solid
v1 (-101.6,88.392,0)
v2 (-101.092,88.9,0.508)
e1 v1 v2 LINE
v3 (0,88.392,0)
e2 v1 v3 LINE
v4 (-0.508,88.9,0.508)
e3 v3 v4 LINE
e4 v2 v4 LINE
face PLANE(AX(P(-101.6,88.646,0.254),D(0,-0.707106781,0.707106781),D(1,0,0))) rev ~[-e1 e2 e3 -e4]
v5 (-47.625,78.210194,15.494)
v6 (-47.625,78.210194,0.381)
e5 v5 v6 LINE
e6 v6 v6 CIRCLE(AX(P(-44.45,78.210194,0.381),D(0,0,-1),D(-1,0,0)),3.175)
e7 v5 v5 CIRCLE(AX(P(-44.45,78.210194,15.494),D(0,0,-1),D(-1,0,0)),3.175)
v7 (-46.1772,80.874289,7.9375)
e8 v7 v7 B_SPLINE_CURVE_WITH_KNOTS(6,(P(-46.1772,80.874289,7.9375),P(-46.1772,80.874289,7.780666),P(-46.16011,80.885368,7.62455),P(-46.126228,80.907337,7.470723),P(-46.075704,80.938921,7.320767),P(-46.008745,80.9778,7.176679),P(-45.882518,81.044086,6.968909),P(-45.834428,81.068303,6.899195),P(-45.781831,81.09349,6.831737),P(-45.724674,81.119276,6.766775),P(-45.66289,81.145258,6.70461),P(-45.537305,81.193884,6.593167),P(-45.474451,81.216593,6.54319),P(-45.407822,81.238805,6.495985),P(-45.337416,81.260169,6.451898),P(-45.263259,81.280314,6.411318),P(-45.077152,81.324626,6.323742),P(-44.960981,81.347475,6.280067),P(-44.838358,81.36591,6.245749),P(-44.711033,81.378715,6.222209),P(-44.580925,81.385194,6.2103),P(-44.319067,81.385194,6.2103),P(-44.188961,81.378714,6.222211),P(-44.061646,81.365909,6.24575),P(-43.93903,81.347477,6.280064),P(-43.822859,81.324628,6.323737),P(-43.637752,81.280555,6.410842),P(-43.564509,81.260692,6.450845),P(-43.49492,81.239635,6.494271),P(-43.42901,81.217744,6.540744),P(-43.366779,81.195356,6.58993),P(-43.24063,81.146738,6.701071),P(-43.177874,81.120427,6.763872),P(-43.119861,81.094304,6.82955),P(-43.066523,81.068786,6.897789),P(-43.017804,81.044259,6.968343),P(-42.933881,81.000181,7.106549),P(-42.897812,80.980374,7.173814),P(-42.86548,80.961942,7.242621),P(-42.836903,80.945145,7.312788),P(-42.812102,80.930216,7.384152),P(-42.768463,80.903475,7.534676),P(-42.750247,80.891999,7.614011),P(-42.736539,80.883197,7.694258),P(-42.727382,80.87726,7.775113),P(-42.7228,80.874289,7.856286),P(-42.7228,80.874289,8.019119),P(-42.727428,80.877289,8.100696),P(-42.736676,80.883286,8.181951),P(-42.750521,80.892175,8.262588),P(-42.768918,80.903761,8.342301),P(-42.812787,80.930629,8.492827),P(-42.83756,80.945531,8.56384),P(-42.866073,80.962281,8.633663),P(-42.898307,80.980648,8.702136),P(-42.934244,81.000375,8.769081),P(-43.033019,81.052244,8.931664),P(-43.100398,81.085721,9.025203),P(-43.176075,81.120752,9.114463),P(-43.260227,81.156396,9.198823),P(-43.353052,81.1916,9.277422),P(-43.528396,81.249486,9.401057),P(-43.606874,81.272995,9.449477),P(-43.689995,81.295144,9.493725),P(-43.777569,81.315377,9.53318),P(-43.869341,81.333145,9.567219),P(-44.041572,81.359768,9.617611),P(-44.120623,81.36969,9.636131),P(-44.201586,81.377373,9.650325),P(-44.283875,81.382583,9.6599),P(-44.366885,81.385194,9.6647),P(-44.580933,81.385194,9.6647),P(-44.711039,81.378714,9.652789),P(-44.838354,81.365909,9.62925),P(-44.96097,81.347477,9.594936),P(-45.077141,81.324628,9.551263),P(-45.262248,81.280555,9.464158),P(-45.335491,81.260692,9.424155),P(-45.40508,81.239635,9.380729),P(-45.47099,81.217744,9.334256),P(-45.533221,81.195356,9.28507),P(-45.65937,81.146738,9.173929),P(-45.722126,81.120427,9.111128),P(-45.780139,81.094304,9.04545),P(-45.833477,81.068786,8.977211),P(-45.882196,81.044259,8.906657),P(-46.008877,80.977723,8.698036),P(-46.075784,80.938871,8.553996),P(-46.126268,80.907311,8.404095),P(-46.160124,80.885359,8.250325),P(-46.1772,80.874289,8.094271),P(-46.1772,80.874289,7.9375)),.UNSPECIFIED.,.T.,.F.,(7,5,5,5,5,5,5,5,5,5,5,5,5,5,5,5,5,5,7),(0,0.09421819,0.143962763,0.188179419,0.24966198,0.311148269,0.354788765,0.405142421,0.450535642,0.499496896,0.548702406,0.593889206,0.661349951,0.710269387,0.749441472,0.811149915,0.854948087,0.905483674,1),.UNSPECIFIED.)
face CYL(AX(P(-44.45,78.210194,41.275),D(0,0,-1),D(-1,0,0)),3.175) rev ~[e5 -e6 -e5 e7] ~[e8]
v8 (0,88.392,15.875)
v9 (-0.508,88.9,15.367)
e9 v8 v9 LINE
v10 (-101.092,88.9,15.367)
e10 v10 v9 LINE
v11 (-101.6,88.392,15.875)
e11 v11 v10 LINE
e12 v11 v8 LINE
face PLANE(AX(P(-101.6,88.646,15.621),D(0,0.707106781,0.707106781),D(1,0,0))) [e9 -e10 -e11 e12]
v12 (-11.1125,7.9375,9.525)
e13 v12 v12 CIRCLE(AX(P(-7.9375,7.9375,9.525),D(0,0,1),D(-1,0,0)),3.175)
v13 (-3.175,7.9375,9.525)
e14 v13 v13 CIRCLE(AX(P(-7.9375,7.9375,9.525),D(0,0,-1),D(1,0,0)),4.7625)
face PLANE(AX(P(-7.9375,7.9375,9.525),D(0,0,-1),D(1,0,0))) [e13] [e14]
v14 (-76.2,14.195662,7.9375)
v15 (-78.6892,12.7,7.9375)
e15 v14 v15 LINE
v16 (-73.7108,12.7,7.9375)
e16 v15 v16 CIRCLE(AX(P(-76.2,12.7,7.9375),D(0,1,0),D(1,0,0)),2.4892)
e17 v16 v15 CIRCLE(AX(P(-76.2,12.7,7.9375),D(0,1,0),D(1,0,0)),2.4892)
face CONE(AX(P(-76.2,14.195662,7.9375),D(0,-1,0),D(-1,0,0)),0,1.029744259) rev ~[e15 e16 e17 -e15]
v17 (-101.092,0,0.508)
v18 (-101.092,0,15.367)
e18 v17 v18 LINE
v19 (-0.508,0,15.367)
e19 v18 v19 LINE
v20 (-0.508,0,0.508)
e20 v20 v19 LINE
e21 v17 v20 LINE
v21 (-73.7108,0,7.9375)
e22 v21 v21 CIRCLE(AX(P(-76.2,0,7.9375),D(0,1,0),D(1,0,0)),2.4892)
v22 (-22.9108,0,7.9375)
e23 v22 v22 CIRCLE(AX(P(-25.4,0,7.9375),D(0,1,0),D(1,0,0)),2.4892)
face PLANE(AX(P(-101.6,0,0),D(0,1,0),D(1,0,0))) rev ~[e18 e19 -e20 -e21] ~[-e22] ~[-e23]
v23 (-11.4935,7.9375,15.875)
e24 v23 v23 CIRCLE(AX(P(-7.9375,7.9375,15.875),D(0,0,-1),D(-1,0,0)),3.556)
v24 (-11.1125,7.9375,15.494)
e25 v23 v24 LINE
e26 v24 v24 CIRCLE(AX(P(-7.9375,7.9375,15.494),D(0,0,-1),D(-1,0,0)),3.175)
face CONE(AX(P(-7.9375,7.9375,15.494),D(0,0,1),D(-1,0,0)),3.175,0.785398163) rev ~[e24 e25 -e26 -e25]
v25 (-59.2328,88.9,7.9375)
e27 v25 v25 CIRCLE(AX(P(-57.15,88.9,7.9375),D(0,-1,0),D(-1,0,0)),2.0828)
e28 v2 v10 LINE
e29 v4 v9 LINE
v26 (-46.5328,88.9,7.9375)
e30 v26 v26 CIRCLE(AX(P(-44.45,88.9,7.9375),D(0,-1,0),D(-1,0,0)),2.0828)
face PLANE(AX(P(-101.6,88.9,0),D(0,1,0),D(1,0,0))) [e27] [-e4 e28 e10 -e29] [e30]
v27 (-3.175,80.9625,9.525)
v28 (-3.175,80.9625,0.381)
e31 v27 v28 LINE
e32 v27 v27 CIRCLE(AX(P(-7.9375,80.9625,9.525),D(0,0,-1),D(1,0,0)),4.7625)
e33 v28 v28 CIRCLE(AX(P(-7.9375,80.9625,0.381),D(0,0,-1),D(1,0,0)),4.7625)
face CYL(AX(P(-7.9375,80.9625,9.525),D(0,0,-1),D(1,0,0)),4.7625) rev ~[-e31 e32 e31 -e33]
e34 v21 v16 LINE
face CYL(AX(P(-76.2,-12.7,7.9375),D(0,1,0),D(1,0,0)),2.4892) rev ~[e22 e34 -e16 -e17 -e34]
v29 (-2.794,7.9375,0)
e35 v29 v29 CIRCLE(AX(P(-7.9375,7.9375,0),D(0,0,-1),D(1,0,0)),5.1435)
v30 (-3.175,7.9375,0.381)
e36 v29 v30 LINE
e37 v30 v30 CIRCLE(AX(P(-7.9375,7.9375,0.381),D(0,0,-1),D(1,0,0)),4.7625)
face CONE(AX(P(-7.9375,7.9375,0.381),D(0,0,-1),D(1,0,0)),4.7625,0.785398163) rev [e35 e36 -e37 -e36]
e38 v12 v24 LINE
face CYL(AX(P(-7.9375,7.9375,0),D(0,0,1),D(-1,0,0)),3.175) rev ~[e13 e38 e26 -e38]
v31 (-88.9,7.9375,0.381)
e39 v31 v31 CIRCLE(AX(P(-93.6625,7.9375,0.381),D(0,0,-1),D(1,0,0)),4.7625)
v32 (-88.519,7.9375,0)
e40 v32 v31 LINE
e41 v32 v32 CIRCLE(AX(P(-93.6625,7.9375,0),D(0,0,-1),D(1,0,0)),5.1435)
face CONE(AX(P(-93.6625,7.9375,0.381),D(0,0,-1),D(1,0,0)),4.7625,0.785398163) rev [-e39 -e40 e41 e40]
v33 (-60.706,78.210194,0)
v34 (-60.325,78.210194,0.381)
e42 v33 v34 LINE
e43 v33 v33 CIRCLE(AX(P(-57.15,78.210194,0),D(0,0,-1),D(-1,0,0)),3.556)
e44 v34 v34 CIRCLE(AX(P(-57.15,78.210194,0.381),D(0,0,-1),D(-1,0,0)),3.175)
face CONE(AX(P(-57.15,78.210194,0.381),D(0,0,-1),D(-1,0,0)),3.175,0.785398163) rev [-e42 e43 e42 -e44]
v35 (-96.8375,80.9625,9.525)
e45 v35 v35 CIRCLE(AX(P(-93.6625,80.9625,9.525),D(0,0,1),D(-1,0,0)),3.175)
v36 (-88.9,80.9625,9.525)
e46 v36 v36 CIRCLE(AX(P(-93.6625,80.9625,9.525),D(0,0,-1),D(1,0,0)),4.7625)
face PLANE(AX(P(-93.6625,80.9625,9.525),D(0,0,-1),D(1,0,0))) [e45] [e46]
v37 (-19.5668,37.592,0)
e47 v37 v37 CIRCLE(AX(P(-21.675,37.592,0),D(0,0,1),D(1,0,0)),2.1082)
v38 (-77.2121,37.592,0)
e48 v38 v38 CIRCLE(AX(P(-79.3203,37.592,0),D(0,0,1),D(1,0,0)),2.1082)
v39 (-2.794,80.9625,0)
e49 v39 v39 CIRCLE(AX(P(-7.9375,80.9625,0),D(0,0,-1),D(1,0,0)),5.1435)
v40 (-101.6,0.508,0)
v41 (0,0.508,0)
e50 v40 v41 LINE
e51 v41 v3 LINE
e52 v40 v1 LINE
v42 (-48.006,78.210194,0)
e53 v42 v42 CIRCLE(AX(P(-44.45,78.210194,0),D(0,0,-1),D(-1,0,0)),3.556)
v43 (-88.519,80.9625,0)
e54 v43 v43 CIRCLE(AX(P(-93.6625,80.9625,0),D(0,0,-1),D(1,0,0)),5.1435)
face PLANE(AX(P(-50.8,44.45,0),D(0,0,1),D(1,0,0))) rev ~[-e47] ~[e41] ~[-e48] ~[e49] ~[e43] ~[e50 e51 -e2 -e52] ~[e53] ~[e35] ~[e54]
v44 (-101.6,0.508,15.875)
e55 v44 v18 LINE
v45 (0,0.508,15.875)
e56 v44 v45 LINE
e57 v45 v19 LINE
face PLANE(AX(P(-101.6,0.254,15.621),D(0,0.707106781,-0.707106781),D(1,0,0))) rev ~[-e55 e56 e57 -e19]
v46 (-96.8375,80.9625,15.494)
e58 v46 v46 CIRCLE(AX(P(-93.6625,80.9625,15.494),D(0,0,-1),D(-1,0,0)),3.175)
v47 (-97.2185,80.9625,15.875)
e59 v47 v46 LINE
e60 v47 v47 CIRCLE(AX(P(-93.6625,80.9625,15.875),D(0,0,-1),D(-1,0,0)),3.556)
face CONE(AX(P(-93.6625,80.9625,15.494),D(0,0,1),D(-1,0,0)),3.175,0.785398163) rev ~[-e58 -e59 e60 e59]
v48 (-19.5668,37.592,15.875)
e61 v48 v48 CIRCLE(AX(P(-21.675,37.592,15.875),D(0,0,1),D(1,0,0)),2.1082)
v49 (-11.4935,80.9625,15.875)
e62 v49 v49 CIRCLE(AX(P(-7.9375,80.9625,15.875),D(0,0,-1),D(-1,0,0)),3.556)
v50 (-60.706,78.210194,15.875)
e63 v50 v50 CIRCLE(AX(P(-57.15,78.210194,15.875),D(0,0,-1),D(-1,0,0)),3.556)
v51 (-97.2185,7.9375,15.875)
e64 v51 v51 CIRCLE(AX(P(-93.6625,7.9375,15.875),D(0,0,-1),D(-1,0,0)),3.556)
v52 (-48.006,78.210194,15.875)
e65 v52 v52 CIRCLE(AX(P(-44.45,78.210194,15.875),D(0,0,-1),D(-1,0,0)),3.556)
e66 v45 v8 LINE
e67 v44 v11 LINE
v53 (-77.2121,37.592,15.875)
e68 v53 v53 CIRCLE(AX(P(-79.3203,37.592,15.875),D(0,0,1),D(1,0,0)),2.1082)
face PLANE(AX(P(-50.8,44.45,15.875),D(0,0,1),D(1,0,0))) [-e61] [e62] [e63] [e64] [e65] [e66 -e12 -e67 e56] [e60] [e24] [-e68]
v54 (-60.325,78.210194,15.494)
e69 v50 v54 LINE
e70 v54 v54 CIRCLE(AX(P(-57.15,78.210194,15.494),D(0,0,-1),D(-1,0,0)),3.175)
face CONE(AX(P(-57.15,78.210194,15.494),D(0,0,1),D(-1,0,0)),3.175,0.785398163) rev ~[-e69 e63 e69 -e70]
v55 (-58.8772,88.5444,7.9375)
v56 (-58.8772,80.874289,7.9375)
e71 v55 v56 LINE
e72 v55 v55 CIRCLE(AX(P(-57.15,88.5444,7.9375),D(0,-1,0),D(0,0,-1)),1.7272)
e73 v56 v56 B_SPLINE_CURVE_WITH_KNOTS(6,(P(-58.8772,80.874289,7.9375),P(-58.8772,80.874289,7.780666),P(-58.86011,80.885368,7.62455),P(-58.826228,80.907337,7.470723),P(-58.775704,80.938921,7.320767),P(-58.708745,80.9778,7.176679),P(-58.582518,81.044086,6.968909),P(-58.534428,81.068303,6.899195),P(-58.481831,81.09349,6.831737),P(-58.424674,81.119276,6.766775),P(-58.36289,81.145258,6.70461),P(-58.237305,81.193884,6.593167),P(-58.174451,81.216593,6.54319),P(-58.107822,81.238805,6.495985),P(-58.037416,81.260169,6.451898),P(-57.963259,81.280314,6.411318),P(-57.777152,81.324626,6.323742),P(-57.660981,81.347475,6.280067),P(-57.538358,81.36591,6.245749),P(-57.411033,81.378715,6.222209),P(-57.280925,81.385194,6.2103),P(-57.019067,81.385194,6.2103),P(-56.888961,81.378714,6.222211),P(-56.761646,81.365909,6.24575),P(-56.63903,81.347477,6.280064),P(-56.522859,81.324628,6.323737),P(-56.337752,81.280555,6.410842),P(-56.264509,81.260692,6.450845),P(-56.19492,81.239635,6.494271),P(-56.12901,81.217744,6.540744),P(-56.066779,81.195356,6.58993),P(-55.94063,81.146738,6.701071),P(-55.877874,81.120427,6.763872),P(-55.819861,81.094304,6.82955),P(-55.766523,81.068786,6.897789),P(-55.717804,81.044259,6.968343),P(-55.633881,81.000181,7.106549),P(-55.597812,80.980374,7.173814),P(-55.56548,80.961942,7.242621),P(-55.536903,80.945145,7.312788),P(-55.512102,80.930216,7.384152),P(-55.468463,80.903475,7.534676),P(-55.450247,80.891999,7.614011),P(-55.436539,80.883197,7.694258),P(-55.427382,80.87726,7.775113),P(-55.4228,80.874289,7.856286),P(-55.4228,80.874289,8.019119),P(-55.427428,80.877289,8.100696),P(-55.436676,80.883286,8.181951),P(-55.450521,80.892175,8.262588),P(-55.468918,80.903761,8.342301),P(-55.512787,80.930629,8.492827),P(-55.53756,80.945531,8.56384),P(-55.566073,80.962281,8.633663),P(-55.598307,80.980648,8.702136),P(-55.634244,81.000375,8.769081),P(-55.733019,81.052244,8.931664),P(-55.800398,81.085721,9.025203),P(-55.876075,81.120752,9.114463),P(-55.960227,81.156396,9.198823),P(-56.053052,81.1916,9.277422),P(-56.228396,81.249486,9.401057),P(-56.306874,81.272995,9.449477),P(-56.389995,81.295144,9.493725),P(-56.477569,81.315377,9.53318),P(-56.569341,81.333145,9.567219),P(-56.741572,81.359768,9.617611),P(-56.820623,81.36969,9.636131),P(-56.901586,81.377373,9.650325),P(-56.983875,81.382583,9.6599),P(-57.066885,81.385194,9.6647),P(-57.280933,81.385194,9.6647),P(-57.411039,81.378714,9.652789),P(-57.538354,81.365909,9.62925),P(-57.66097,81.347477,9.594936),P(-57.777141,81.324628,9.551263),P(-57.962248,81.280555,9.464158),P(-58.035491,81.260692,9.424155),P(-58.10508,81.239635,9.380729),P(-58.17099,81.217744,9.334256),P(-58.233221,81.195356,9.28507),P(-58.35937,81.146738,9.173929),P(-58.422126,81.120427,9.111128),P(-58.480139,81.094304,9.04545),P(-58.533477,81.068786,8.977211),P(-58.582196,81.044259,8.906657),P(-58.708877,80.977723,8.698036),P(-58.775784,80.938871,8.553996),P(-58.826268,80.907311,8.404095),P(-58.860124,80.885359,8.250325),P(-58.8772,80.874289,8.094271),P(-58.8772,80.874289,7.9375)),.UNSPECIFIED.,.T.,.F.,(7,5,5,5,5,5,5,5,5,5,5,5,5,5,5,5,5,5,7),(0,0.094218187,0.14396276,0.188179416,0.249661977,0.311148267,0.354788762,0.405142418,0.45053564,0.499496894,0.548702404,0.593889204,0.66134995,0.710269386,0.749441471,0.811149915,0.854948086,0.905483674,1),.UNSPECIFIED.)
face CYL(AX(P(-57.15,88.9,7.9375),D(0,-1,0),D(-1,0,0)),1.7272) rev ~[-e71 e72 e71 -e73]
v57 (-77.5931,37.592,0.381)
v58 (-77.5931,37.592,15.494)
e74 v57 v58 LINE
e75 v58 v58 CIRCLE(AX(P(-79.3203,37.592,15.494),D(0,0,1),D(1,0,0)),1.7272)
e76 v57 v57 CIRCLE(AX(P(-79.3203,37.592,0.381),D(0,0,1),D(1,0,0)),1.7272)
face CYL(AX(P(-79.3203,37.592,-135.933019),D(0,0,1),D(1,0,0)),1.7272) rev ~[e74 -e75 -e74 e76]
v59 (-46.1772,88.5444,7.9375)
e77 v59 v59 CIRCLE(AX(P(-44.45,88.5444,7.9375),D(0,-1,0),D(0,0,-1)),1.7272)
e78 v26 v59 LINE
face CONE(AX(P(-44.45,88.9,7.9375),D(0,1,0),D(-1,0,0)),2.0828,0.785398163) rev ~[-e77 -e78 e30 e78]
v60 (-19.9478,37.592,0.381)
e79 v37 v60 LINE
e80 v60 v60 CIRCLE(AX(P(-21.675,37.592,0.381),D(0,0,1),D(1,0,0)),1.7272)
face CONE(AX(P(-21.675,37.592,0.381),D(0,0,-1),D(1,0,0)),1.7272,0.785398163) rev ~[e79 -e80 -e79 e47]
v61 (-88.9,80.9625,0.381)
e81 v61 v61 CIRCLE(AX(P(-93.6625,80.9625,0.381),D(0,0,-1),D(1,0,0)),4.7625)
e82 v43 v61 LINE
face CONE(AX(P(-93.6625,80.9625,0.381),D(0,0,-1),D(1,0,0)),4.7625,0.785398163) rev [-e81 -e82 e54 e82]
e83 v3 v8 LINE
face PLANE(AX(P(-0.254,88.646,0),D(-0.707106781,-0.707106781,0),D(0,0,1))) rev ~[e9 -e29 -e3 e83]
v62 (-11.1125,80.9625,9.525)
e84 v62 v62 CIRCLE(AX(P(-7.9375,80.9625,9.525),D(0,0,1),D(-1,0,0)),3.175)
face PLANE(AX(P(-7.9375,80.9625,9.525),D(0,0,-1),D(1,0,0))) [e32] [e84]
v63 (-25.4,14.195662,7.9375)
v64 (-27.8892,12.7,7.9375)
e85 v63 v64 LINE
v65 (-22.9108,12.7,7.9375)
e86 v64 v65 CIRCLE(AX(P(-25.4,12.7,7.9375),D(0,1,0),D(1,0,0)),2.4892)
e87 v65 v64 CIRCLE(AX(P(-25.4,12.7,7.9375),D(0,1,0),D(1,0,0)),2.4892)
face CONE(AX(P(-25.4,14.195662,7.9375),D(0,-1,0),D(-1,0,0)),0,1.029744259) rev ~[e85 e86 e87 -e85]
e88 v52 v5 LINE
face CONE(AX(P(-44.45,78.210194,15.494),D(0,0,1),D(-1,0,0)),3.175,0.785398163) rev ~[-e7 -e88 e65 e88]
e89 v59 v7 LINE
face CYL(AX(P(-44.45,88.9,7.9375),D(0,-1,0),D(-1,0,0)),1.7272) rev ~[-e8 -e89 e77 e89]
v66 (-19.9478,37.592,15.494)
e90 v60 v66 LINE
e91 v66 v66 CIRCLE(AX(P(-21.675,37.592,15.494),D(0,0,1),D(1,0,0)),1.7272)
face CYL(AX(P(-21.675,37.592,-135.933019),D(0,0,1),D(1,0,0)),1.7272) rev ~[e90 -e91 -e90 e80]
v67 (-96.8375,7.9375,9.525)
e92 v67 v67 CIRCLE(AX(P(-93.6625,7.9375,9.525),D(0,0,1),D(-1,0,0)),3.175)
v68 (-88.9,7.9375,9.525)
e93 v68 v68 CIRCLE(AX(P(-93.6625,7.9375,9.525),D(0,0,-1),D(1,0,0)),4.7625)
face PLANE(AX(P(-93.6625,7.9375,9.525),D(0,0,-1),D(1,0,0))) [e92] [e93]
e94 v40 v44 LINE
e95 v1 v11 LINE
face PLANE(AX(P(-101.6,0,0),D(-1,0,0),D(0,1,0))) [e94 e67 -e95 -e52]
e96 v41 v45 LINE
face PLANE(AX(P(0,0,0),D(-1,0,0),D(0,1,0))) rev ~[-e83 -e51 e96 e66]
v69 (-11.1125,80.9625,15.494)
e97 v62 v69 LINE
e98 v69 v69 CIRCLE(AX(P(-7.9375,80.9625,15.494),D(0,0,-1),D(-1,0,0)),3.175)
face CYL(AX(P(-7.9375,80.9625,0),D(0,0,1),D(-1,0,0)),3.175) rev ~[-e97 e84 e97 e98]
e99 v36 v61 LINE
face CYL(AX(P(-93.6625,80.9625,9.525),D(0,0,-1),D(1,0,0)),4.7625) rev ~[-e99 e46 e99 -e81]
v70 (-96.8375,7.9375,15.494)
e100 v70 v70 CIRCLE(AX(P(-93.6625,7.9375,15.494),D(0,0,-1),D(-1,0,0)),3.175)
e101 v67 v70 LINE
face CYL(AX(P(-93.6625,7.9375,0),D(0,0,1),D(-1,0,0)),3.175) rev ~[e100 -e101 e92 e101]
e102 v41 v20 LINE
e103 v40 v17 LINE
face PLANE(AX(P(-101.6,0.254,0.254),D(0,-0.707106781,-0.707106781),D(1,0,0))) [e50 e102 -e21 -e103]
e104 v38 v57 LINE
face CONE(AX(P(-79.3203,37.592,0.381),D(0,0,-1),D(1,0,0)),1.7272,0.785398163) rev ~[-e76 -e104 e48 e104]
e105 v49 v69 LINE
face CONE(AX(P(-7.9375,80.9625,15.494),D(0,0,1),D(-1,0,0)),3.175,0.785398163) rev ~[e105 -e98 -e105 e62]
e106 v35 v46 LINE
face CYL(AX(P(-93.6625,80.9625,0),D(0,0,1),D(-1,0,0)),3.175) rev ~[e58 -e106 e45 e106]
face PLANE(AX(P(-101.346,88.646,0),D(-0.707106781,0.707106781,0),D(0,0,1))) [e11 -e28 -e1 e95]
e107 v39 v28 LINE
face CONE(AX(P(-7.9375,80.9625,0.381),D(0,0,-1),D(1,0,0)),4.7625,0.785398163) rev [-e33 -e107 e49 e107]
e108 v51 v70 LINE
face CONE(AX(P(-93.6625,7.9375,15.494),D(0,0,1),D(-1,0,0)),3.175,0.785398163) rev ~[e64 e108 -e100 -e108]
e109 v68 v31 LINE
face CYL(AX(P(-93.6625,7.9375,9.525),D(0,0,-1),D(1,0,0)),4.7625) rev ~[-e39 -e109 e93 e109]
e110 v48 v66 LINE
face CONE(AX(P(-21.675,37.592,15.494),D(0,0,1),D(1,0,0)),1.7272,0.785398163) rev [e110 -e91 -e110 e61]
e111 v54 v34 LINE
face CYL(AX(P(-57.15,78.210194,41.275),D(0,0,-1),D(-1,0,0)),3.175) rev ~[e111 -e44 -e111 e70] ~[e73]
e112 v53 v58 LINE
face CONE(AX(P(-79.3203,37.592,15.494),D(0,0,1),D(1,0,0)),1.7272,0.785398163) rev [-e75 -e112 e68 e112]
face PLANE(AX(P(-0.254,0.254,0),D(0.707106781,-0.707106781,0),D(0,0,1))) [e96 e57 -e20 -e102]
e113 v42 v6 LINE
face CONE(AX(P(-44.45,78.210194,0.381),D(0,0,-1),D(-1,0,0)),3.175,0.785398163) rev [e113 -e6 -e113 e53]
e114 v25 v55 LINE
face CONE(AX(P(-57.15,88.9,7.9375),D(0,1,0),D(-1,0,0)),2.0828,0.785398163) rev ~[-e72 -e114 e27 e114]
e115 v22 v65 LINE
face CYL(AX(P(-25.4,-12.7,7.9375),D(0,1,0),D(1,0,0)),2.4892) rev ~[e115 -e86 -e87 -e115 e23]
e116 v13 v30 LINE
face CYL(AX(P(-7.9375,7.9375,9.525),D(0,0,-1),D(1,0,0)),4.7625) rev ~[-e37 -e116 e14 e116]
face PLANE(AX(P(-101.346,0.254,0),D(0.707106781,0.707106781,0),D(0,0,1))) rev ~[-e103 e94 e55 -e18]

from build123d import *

# Parameters (mm, degrees)
SKETCH1_W                       = 101.6
SKETCH1_H                       = 88.9
BOSS_EXTRUDE1_DEPTH             = 15.875
F_8_32_TAPPED_HOLE1_D           = 3.4544
F_8_32_TAPPED_HOLE1_DEPTH       = 9.652
F_8_32_TAPPED_HOLE1_CSINK_D     = 4.1656
F_8_32_TAPPED_HOLE1_CSINK_ANGLE = 90
F_8_32_TAPPED_HOLE1_TIP         = 1.037806461
F_1_4_0_25_DIAMETER_HOLE1_D     = 6.35
F_1_4_0_25_DIAMETER_HOLE1_DEPTH = 25.4
F_1_4_0_25_DIAMETER_HOLE1_TIP   = 1.907732465
F_8_32_TAPPED_HOLE2_D           = 3.4544
F_9_0_196_DIAMETER_HOLE1_D      = 4.9784
F_9_0_196_DIAMETER_HOLE1_DEPTH  = 12.7
F_9_0_196_DIAMETER_HOLE1_TIP    = 1.495662253
HOLE1_D                         = 6.35
HOLE1_DEPTH                     = 15.875
HOLE1_CBORE_D                   = 9.525
HOLE1_CBORE_DEPTH               = 9.525
HOLE1_TIP                       = 1.907732465
CHAMFER1_SIZE                   = 0.508
CHAMFER2_SIZE                   = 0.381


with BuildPart() as part:
    # Sketch1 → Boss-Extrude1 (new body)
    with BuildSketch(Plane.XY):
        with Locations((-50.8, 44.45)):
            Rectangle(SKETCH1_W, SKETCH1_H)
    extrude(amount=BOSS_EXTRUDE1_DEPTH)

    # #8-32 Tapped Hole1
    with Locations(Plane(origin=(0, 88.9, 0), x_dir=(1, 0, 0), z_dir=(0, 1, 0))):
        with Locations((-44.45, -7.9375), (-57.15, -7.9375)):
            CounterSinkHole(F_8_32_TAPPED_HOLE1_D / 2, F_8_32_TAPPED_HOLE1_CSINK_D / 2, depth=F_8_32_TAPPED_HOLE1_DEPTH, counter_sink_angle=F_8_32_TAPPED_HOLE1_CSINK_ANGLE)
            with Locations((0, 0, -(F_8_32_TAPPED_HOLE1_DEPTH + F_8_32_TAPPED_HOLE1_TIP / 2))):  # 118° drill point
                Cone(0, F_8_32_TAPPED_HOLE1_D / 2, F_8_32_TAPPED_HOLE1_TIP, mode=Mode.SUBTRACT)

    # 1/4 (0.25) Diameter Hole1
    with Locations(Plane.XY.offset(15.875)):
        with Locations((-44.45, 78.210193539), (-57.15, 78.210193539)):
            Hole(F_1_4_0_25_DIAMETER_HOLE1_D / 2, depth=F_1_4_0_25_DIAMETER_HOLE1_DEPTH)
            with Locations((0, 0, -(F_1_4_0_25_DIAMETER_HOLE1_DEPTH + F_1_4_0_25_DIAMETER_HOLE1_TIP / 2))):  # 118° drill point
                Cone(0, F_1_4_0_25_DIAMETER_HOLE1_D / 2, F_1_4_0_25_DIAMETER_HOLE1_TIP, mode=Mode.SUBTRACT)

    # #8-32 Tapped Hole2 (through all)
    with Locations(Plane(origin=(0, 0, 0), x_dir=(-1, 0, 0), z_dir=(0, 0, -1))):
        with Locations((21.675, 37.592), (79.3203, 37.592)):
            Hole(F_8_32_TAPPED_HOLE2_D / 2)

    # #9 (0.196) Diameter Hole1
    with Locations(Plane(origin=(0, 0, 0), x_dir=(-1, 0, 0), z_dir=(0, -1, 0))):
        with Locations((76.2, -7.9375), (25.4, -7.9375)):
            Hole(F_9_0_196_DIAMETER_HOLE1_D / 2, depth=F_9_0_196_DIAMETER_HOLE1_DEPTH)
            with Locations((0, 0, -(F_9_0_196_DIAMETER_HOLE1_DEPTH + F_9_0_196_DIAMETER_HOLE1_TIP / 2))):  # 118° drill point
                Cone(0, F_9_0_196_DIAMETER_HOLE1_D / 2, F_9_0_196_DIAMETER_HOLE1_TIP, mode=Mode.SUBTRACT)

    # Hole1
    with Locations(Plane(origin=(0, 0, 0), x_dir=(1, 0, 0), z_dir=(0, 0, -1))):
        with Locations((-7.9375, -7.9375), (-93.6625, -80.9625), (-93.6625, -7.9375), (-7.9375, -80.9625)):
            CounterBoreHole(HOLE1_D / 2, HOLE1_CBORE_D / 2, HOLE1_CBORE_DEPTH, depth=HOLE1_DEPTH)
            with Locations((0, 0, -(HOLE1_DEPTH + HOLE1_TIP / 2))):  # 118° drill point
                Cone(0, HOLE1_D / 2, HOLE1_TIP, mode=Mode.SUBTRACT)

    # Chamfer1
    chamfer1_edges = [part.edges().sort_by_distance(p)[0] for p in [
        (-50.8, 0, 15.875),
        (-50.8, 0, 0),
        (-50.8, 88.9, 0),
        (-50.8, 88.9, 15.875),
        (0, 0, 7.9375),
        (-101.6, 0, 7.9375),
        (-101.6, 88.9, 7.9375),
        (0, 88.9, 7.9375),
    ]]
    chamfer(chamfer1_edges, length=CHAMFER1_SIZE)

    # Chamfer2
    chamfer2_edges = [part.edges().sort_by_distance(p)[0] for p in [
        (-53.975, 78.210193539, 0),
        (-53.975, 78.210193539, 15.875),
        (-41.275, 78.210193539, 0),
        (-41.275, 78.210193539, 15.875),
        (-23.4022, 37.592, 0),
        (-23.4022, 37.592, 15.875),
        (-81.0475, 37.592, 0),
        (-81.0475, 37.592, 15.875),
        (-12.7, 80.9625, 0),
        (-4.7625, 80.9625, 15.875),
        (-98.425, 7.9375, 0),
        (-90.4875, 7.9375, 15.875),
        (-98.425, 80.9625, 0),
        (-90.4875, 80.9625, 15.875),
        (-12.7, 7.9375, 0),
        (-4.7625, 7.9375, 15.875),
    ]]
    chamfer(chamfer2_edges, length=CHAMFER2_SIZE)


solid = part.part
